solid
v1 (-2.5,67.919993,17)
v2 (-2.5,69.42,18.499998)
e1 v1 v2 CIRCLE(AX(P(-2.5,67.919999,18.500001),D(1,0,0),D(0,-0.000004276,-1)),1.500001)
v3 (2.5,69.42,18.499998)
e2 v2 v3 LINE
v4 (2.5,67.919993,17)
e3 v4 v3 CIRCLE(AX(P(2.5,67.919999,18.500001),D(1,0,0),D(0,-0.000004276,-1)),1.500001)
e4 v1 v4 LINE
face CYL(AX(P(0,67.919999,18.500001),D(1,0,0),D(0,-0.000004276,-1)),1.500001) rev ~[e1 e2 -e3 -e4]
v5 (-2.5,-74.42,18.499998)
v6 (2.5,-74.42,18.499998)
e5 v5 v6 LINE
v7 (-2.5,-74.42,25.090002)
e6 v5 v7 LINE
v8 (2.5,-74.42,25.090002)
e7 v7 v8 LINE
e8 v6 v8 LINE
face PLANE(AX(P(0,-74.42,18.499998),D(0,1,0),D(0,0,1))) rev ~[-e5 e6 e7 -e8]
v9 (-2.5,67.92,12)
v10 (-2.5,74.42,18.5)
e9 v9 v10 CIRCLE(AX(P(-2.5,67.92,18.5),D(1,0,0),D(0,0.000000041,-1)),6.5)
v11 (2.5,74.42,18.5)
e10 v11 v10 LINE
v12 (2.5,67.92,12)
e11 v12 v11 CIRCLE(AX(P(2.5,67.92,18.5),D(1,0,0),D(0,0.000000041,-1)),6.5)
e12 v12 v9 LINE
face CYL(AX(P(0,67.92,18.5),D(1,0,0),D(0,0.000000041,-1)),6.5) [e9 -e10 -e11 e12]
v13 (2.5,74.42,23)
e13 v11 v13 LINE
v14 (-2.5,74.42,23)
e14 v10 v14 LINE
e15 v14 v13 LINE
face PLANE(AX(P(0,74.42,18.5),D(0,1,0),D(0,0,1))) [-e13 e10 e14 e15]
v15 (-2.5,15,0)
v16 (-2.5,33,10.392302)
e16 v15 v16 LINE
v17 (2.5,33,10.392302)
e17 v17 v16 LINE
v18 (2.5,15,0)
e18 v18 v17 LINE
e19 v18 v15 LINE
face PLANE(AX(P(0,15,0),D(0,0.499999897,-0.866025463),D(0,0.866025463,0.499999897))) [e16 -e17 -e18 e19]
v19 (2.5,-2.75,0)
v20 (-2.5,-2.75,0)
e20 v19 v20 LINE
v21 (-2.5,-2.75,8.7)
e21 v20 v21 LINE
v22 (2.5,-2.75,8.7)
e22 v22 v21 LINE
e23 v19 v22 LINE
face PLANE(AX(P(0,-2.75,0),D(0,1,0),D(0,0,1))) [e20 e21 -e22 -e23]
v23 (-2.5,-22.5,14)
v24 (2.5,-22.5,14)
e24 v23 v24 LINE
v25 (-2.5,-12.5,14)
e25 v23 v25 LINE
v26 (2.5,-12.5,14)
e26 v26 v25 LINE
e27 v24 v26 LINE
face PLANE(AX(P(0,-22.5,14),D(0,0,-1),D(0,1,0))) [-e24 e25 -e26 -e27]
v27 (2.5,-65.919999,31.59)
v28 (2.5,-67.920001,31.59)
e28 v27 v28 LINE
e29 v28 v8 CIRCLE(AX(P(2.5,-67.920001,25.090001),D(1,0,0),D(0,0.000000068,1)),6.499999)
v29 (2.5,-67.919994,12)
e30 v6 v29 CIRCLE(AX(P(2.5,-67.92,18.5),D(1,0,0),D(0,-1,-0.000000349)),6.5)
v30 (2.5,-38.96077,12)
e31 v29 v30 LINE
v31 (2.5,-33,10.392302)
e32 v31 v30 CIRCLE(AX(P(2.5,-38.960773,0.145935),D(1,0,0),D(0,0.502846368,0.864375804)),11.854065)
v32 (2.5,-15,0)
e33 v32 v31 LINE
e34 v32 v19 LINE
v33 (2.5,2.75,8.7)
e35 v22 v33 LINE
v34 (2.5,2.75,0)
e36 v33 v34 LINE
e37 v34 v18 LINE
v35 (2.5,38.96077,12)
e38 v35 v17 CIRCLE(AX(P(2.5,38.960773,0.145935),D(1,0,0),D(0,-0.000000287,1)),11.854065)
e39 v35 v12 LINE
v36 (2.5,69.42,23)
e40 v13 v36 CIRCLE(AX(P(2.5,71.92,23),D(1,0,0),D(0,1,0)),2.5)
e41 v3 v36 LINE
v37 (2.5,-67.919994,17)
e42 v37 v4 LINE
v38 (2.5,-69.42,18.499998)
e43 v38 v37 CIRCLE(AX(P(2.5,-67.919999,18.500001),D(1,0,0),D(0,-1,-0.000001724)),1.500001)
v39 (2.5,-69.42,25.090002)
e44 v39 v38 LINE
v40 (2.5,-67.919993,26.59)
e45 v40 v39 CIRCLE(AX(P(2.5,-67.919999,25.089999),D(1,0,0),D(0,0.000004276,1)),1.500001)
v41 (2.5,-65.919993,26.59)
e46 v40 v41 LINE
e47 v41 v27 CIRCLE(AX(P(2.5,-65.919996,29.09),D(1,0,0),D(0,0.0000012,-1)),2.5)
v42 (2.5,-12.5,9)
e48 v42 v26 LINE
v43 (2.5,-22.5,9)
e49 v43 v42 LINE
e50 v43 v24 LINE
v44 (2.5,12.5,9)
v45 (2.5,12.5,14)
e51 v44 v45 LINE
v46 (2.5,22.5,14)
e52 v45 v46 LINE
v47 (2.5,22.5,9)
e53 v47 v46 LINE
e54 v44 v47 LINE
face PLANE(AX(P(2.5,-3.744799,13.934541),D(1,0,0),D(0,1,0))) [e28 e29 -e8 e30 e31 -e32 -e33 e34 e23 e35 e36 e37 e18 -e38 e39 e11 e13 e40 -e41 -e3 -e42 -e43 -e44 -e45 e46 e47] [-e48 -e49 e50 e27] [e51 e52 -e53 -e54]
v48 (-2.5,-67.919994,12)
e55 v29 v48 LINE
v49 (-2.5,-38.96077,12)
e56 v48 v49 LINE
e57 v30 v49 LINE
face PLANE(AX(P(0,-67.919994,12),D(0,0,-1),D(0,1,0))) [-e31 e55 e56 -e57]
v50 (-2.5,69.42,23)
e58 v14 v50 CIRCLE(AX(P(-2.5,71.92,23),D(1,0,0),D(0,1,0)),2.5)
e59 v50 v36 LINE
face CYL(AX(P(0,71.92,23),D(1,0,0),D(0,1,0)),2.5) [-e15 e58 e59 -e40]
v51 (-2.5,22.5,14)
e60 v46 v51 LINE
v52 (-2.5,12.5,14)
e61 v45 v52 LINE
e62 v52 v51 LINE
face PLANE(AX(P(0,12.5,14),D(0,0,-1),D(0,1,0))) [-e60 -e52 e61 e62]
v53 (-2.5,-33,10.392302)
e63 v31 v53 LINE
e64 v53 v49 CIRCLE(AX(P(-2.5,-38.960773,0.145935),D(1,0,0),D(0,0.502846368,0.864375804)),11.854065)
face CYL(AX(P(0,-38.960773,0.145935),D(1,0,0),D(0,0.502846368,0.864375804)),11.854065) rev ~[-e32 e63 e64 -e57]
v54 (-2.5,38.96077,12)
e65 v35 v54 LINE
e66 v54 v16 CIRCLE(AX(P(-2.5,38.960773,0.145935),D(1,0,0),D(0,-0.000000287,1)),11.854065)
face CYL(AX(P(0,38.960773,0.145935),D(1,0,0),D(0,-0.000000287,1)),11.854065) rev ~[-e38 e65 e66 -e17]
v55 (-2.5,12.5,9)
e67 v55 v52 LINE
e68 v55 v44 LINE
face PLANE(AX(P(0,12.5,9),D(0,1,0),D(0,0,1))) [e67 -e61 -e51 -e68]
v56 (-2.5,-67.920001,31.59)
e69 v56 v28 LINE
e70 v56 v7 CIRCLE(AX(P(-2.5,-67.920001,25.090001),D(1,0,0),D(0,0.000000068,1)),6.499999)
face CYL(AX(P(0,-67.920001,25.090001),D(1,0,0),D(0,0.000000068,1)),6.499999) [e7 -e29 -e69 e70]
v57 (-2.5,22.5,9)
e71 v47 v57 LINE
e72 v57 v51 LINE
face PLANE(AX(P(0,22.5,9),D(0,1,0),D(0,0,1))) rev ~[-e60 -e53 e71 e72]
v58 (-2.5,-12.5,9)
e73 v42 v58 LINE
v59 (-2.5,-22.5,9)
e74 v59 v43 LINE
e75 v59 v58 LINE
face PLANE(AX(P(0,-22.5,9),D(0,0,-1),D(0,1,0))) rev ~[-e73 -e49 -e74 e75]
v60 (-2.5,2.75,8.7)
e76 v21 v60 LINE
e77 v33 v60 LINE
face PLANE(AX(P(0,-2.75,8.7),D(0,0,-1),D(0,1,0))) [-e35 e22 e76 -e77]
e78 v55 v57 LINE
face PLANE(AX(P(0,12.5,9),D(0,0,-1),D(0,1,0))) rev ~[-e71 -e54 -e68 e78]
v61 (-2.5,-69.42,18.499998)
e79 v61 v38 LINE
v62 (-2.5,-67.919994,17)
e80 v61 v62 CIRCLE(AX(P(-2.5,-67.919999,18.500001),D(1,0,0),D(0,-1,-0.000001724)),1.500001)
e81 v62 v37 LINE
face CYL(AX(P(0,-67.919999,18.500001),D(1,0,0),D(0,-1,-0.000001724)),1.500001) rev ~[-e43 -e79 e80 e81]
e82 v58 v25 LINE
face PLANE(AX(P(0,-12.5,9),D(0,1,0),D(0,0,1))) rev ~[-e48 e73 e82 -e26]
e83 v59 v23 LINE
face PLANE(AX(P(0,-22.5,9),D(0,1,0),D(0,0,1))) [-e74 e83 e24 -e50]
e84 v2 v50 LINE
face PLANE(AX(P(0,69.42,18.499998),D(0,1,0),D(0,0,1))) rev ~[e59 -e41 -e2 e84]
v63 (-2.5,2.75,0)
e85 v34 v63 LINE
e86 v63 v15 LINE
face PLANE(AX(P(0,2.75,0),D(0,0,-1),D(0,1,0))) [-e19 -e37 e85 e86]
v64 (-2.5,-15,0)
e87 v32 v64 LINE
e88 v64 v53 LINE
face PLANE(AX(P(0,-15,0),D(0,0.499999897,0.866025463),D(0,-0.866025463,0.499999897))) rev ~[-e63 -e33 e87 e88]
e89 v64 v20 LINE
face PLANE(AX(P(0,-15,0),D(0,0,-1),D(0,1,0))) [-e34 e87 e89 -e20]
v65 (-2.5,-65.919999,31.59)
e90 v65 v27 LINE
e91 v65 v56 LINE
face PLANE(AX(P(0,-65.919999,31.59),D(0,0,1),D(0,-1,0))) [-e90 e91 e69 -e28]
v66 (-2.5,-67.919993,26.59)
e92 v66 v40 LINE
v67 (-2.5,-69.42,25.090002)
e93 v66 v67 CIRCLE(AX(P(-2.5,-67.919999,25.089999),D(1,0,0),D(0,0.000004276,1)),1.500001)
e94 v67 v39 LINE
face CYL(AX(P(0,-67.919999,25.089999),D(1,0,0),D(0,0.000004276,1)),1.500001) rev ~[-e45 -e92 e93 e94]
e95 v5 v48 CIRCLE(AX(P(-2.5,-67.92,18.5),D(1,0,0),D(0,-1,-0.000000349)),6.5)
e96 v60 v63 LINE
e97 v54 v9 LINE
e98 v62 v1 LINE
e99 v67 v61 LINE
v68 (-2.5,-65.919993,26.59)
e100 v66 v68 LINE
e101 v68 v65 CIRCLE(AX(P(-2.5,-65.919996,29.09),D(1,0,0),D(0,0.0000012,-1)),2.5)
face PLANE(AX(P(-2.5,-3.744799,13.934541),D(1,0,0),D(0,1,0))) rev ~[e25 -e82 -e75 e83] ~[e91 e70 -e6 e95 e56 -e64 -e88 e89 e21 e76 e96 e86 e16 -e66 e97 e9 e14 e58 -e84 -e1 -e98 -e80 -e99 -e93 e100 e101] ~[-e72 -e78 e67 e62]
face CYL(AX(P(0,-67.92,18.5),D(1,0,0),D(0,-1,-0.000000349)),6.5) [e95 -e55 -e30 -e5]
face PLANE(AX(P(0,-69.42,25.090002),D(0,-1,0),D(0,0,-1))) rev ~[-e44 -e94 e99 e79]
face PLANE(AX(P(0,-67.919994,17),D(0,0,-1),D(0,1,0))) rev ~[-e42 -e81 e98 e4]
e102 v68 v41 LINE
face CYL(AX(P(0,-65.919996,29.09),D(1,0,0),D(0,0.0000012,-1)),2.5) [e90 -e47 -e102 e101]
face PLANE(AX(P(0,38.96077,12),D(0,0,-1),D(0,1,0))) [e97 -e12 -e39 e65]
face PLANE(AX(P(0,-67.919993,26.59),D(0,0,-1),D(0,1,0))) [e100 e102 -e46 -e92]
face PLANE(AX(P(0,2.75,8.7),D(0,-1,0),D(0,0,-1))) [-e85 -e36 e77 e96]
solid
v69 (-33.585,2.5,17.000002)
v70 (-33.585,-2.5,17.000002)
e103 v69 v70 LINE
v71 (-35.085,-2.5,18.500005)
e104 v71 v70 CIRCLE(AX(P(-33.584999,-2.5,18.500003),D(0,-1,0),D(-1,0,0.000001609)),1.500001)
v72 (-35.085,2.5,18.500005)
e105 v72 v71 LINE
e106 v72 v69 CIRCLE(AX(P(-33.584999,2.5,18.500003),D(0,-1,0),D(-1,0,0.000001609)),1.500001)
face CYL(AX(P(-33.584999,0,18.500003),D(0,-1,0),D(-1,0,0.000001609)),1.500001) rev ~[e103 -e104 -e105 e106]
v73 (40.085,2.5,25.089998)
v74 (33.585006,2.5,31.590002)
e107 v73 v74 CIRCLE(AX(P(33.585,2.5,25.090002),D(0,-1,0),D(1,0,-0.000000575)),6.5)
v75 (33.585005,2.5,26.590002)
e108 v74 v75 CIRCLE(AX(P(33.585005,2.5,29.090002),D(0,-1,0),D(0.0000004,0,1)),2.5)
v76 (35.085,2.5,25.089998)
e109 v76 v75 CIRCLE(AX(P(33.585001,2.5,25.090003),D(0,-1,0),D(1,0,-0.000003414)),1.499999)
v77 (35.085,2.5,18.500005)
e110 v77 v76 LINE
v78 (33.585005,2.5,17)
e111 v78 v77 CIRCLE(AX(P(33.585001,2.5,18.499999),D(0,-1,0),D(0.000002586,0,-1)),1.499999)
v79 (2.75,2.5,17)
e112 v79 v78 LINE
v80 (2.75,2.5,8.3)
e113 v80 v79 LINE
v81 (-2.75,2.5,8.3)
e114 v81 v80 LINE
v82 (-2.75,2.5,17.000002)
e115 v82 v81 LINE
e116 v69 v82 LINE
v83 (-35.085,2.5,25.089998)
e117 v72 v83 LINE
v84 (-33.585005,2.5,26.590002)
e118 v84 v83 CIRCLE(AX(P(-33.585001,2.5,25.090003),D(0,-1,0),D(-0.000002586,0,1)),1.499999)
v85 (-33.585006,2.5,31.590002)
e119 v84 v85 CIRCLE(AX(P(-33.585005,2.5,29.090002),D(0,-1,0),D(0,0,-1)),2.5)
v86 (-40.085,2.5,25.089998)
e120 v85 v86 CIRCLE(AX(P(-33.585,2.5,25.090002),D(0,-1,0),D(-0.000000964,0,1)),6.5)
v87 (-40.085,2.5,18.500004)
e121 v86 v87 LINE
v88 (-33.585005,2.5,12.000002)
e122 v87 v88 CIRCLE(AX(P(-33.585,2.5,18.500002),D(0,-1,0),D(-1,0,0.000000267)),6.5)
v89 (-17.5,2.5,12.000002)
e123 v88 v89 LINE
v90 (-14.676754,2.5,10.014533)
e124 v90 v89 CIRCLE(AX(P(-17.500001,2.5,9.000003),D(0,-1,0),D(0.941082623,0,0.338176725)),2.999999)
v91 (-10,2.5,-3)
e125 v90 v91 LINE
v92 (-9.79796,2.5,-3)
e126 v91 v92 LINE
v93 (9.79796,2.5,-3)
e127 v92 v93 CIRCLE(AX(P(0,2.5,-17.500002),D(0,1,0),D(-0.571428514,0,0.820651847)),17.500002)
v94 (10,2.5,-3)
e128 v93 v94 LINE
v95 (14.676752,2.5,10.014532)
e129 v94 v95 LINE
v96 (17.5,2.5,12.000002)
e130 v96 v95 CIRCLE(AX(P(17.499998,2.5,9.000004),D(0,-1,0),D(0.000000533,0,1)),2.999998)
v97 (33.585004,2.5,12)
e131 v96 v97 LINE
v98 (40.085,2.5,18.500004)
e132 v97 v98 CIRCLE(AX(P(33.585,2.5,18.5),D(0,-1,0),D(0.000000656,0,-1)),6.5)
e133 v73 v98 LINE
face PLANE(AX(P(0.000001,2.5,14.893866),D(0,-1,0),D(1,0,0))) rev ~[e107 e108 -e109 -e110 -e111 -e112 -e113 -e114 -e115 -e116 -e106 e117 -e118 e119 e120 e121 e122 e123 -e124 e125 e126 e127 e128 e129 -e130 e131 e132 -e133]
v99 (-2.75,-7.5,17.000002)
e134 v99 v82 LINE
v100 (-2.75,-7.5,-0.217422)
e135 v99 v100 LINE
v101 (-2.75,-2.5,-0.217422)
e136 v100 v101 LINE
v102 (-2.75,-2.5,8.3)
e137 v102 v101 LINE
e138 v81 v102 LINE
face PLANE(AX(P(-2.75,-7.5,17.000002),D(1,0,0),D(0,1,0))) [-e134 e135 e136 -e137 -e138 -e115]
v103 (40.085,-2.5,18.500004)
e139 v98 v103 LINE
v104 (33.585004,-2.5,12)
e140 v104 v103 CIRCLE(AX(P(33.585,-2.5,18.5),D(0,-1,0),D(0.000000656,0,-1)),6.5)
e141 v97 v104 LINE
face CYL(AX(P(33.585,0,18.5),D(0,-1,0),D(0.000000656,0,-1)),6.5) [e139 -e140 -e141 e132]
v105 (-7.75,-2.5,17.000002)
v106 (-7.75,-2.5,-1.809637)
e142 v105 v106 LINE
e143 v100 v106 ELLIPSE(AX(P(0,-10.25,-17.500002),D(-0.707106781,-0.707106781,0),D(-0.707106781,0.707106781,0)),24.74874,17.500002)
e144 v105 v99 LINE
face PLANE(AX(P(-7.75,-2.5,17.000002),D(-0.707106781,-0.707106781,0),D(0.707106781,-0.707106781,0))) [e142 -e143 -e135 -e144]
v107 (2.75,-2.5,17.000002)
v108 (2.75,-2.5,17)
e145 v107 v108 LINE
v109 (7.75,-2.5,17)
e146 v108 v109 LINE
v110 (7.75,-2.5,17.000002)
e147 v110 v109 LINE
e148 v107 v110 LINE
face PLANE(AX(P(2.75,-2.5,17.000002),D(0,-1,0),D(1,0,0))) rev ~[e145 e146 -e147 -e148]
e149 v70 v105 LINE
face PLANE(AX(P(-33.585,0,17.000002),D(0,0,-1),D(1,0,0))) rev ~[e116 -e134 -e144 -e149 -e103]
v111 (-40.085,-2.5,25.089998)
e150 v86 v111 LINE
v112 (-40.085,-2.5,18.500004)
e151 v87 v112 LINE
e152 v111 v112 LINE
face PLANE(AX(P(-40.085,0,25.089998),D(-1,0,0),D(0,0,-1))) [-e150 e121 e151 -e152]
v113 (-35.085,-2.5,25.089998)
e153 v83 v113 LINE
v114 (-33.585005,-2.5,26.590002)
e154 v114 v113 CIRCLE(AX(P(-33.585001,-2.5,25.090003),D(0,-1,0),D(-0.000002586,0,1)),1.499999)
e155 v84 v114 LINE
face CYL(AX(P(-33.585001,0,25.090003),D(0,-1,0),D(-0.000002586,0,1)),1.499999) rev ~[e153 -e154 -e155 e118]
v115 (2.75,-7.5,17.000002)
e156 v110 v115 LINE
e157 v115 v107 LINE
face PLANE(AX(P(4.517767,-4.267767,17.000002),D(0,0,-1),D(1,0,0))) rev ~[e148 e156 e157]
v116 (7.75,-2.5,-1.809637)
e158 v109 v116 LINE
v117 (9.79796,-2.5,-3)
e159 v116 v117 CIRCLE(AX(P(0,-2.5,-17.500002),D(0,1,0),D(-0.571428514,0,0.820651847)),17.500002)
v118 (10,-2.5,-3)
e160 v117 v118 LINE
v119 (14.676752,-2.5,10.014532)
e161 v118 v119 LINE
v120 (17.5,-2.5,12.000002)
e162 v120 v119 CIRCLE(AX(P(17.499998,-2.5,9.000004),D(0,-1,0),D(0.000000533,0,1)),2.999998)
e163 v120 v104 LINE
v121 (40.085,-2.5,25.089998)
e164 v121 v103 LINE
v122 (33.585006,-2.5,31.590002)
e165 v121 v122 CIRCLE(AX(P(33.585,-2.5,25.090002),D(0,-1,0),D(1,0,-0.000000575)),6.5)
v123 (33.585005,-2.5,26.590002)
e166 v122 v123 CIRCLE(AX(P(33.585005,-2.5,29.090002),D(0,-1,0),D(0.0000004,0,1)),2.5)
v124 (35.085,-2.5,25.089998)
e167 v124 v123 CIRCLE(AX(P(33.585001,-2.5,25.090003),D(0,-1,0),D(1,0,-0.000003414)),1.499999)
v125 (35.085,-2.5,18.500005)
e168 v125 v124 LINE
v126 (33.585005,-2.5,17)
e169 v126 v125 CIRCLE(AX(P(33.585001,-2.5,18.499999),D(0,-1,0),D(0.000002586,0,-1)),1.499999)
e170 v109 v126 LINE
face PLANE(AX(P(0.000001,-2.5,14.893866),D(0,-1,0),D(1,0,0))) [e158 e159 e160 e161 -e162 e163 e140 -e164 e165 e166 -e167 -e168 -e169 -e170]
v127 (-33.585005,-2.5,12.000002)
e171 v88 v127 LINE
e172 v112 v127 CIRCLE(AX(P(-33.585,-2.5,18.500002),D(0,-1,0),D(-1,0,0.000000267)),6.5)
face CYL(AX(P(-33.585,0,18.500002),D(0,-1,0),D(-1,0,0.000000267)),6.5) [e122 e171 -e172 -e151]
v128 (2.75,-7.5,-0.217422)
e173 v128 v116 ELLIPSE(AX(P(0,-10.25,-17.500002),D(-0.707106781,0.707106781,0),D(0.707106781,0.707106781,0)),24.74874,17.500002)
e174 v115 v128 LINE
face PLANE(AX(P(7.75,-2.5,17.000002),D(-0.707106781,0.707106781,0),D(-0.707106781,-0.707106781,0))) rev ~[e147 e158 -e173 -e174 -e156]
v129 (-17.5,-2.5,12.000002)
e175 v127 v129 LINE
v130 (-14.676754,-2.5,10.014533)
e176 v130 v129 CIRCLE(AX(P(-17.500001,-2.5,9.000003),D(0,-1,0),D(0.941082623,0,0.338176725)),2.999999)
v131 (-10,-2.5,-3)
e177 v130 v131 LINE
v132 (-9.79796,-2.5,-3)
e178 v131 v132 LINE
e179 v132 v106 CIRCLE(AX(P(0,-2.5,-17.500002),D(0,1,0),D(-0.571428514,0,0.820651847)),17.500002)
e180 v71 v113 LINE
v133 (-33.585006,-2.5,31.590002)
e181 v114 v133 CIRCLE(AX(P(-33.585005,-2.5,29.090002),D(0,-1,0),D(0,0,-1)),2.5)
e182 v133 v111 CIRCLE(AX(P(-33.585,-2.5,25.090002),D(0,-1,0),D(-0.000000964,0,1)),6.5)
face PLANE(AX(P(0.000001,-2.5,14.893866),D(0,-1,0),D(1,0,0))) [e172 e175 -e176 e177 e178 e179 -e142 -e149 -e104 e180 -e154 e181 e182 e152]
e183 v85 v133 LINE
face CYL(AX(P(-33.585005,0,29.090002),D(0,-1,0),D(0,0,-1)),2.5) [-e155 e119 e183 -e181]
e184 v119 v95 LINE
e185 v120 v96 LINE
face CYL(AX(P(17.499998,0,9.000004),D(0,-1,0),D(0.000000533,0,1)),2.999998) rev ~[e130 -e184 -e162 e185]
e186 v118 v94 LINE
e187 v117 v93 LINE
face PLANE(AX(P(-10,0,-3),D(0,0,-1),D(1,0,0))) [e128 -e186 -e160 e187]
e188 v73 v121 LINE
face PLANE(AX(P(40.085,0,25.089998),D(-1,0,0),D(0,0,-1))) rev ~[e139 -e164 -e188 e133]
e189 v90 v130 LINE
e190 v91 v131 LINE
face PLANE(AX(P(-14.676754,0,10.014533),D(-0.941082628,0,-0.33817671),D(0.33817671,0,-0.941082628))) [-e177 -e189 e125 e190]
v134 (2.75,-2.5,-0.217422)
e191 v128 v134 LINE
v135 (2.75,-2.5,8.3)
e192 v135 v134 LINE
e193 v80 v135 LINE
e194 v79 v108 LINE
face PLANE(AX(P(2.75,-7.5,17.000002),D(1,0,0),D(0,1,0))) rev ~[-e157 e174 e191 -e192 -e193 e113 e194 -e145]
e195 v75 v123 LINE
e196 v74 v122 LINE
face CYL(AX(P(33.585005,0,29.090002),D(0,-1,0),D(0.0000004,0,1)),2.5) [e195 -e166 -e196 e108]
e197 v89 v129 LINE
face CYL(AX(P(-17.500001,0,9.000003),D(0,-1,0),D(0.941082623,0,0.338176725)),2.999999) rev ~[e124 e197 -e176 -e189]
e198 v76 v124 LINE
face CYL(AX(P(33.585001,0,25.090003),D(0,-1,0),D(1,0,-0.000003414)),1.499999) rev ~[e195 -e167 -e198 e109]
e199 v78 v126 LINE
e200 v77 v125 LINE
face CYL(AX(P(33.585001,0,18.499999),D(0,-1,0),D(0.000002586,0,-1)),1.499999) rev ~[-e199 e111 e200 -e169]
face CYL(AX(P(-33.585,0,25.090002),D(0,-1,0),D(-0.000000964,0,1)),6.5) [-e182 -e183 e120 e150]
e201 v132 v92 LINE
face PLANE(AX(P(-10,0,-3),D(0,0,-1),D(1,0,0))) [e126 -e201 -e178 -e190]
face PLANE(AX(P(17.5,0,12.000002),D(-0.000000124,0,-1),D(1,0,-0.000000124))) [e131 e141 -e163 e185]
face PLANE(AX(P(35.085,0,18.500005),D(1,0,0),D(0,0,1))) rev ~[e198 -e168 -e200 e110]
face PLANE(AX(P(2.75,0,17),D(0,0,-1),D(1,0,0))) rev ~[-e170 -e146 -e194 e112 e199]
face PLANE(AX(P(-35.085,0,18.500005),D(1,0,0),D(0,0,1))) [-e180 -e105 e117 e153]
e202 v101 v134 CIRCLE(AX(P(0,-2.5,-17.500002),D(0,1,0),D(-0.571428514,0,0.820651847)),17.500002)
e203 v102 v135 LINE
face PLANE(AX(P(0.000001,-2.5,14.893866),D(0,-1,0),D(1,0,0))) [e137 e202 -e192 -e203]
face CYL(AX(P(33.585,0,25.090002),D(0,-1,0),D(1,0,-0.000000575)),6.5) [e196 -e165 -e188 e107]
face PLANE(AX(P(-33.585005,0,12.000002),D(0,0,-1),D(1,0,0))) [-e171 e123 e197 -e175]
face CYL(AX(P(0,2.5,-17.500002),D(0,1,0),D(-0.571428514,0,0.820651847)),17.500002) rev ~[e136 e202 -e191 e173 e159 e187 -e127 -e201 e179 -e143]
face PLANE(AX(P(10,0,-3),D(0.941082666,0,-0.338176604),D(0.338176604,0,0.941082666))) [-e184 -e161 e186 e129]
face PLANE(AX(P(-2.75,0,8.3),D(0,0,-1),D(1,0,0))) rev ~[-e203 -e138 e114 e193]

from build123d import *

# Parameters (mm, degrees)
SKETCH_W     = 10
SKETCH_H     = 5
PAD_DEPTH    = 2.5
PAD001_DEPTH = 2.5
PAD002_DEPTH = 20
POCKET_DEPTH = 10


with BuildPart() as vertical:
    # Sketch → Pad (new body, symmetric)
    with BuildSketch(Plane.YZ):
        with BuildLine():
            Line((74.42, 18.5), (74.42, 23))
            ThreePointArc((74.42, 23), (71.92, 25.5), (69.42, 23))
            Line((69.42, 18.499998), (69.42, 23))
            ThreePointArc((67.919993, 17), (68.980657, 17.439337), (69.42, 18.499998))
            Line((-67.919994, 17), (67.919993, 17))
            ThreePointArc((-69.42, 18.499998), (-68.980657, 17.439337), (-67.919994, 17))
            Line((-69.42, 25.090002), (-69.42, 18.499998))
            ThreePointArc((-67.919993, 26.59), (-68.980657, 26.150663), (-69.42, 25.090002))
            Line((-67.919993, 26.59), (-65.919993, 26.59))
            ThreePointArc((-65.919993, 26.59), (-63.419996, 29.090003), (-65.919999, 31.59))
            Line((-65.919999, 31.59), (-67.920001, 31.59))
            ThreePointArc((-67.920001, 31.59), (-72.516194, 29.686195), (-74.42, 25.090002))
            Line((-74.42, 18.499998), (-74.42, 25.090002))
            ThreePointArc((-74.42, 18.499998), (-72.516191, 13.903803), (-67.919994, 12))
            Line((-67.919994, 12), (-38.96077, 12))
            ThreePointArc((-33, 10.392302), (-35.873884, 11.59102), (-38.96077, 12))
            Line((-15, 0), (-33, 10.392302))
            Line((-15, 0), (-2.75, 0))
            Line((-2.75, 0), (-2.75, 8.7))
            Line((-2.75, 8.7), (2.75, 8.7))
            Line((2.75, 8.7), (2.75, 0))
            Line((2.75, 0), (15, 0))
            Line((15, 0), (33, 10.392302))
            ThreePointArc((38.96077, 12), (35.873884, 11.59102), (33, 10.392302))
            Line((38.96077, 12), (67.92, 12))
            ThreePointArc((67.92, 12), (72.516194, 13.903806), (74.42, 18.5))
        make_face()
        with Locations((-17.5, 11.5)):
            Rectangle(SKETCH_W, SKETCH_H, mode=Mode.SUBTRACT)
        with Locations((17.5, 11.5)):
            Rectangle(SKETCH_W, SKETCH_H, mode=Mode.SUBTRACT)
    extrude(amount=PAD_DEPTH, both=True)


with BuildPart() as fusion:
    # Sketch001 → Pad001 (new body, symmetric)
    with BuildSketch(Plane.XZ):
        with BuildLine():
            Line((17.5, 12.000002), (33.585004, 12))
            ThreePointArc((33.585004, 12), (38.181197, 13.903809), (40.085, 18.500004))
            Line((40.085, 25.089998), (40.085, 18.500004))
            ThreePointArc((40.085, 25.089998), (38.181197, 29.686193), (33.585006, 31.590002))
            ThreePointArc((33.585006, 31.590002), (31.085005, 29.090003), (33.585005, 26.590002))
            ThreePointArc((35.085, 25.089998), (34.645664, 26.150659), (33.585005, 26.590002))
            Line((35.085, 18.500005), (35.085, 25.089998))
            ThreePointArc((33.585005, 17), (34.645664, 17.439343), (35.085, 18.500005))
            Line((2.75, 17), (33.585005, 17))
            Line((2.75, 8.3), (2.75, 17))
            Line((-2.75, 8.3), (2.75, 8.3))
            Line((-2.75, 17.000002), (-2.75, 8.3))
            Line((-33.585, 17.000002), (-2.75, 17.000002))
            ThreePointArc((-35.085, 18.500005), (-34.645661, 17.439343), (-33.585, 17.000002))
            Line((-35.085, 18.500005), (-35.085, 25.089998))
            ThreePointArc((-33.585005, 26.590002), (-34.645664, 26.150659), (-35.085, 25.089998))
            ThreePointArc((-33.585005, 26.590002), (-31.085005, 29.090003), (-33.585006, 31.590002))
            ThreePointArc((-33.585006, 31.590002), (-38.181197, 29.686193), (-40.085, 25.089998))
            Line((-40.085, 25.089998), (-40.085, 18.500004))
            ThreePointArc((-40.085, 18.500004), (-38.181197, 13.903811), (-33.585005, 12.000002))
            Line((-33.585005, 12.000002), (-17.5, 12.000002))
            ThreePointArc((-14.676754, 10.014533), (-15.774254, 11.453937), (-17.5, 12.000002))
            Line((-14.676754, 10.014533), (-10, -3))
            Line((-10, -3), (10, -3))
            Line((10, -3), (14.676752, 10.014532))
            ThreePointArc((17.5, 12.000002), (15.774252, 11.453937), (14.676752, 10.014532))
        make_face()
    extrude(amount=PAD001_DEPTH, both=True)

    # Sketch002 → Pad002 (new body)
    with BuildSketch(Plane(origin=(0, 0, 17.000002), x_dir=(-1, 0, 0), z_dir=(0, 0, 1))):
        Polygon((-7.75, 2.5), (-2.75, 7.5), (-2.75, 2.5), align=None)
        Polygon((2.75, 7.5), (2.75, 2.5), (7.75, 2.5), align=None)
    extrude(amount=-PAD002_DEPTH)

    # Sketch003 → Pocket (cut)
    with BuildSketch(Plane(origin=(0, 2.5, 0), x_dir=(1, 0, 0), z_dir=(0, 1, 0))):
        with BuildLine():
            ThreePointArc((-10, 3.138593), (0, 0), (10, 3.138593))
            Line((-10, 3.138593), (10, 3.138593))
        make_face()
    extrude(amount=-POCKET_DEPTH, mode=Mode.SUBTRACT)

    # Fusion: union Vertical
    add(vertical.part)


solid = fusion.part
